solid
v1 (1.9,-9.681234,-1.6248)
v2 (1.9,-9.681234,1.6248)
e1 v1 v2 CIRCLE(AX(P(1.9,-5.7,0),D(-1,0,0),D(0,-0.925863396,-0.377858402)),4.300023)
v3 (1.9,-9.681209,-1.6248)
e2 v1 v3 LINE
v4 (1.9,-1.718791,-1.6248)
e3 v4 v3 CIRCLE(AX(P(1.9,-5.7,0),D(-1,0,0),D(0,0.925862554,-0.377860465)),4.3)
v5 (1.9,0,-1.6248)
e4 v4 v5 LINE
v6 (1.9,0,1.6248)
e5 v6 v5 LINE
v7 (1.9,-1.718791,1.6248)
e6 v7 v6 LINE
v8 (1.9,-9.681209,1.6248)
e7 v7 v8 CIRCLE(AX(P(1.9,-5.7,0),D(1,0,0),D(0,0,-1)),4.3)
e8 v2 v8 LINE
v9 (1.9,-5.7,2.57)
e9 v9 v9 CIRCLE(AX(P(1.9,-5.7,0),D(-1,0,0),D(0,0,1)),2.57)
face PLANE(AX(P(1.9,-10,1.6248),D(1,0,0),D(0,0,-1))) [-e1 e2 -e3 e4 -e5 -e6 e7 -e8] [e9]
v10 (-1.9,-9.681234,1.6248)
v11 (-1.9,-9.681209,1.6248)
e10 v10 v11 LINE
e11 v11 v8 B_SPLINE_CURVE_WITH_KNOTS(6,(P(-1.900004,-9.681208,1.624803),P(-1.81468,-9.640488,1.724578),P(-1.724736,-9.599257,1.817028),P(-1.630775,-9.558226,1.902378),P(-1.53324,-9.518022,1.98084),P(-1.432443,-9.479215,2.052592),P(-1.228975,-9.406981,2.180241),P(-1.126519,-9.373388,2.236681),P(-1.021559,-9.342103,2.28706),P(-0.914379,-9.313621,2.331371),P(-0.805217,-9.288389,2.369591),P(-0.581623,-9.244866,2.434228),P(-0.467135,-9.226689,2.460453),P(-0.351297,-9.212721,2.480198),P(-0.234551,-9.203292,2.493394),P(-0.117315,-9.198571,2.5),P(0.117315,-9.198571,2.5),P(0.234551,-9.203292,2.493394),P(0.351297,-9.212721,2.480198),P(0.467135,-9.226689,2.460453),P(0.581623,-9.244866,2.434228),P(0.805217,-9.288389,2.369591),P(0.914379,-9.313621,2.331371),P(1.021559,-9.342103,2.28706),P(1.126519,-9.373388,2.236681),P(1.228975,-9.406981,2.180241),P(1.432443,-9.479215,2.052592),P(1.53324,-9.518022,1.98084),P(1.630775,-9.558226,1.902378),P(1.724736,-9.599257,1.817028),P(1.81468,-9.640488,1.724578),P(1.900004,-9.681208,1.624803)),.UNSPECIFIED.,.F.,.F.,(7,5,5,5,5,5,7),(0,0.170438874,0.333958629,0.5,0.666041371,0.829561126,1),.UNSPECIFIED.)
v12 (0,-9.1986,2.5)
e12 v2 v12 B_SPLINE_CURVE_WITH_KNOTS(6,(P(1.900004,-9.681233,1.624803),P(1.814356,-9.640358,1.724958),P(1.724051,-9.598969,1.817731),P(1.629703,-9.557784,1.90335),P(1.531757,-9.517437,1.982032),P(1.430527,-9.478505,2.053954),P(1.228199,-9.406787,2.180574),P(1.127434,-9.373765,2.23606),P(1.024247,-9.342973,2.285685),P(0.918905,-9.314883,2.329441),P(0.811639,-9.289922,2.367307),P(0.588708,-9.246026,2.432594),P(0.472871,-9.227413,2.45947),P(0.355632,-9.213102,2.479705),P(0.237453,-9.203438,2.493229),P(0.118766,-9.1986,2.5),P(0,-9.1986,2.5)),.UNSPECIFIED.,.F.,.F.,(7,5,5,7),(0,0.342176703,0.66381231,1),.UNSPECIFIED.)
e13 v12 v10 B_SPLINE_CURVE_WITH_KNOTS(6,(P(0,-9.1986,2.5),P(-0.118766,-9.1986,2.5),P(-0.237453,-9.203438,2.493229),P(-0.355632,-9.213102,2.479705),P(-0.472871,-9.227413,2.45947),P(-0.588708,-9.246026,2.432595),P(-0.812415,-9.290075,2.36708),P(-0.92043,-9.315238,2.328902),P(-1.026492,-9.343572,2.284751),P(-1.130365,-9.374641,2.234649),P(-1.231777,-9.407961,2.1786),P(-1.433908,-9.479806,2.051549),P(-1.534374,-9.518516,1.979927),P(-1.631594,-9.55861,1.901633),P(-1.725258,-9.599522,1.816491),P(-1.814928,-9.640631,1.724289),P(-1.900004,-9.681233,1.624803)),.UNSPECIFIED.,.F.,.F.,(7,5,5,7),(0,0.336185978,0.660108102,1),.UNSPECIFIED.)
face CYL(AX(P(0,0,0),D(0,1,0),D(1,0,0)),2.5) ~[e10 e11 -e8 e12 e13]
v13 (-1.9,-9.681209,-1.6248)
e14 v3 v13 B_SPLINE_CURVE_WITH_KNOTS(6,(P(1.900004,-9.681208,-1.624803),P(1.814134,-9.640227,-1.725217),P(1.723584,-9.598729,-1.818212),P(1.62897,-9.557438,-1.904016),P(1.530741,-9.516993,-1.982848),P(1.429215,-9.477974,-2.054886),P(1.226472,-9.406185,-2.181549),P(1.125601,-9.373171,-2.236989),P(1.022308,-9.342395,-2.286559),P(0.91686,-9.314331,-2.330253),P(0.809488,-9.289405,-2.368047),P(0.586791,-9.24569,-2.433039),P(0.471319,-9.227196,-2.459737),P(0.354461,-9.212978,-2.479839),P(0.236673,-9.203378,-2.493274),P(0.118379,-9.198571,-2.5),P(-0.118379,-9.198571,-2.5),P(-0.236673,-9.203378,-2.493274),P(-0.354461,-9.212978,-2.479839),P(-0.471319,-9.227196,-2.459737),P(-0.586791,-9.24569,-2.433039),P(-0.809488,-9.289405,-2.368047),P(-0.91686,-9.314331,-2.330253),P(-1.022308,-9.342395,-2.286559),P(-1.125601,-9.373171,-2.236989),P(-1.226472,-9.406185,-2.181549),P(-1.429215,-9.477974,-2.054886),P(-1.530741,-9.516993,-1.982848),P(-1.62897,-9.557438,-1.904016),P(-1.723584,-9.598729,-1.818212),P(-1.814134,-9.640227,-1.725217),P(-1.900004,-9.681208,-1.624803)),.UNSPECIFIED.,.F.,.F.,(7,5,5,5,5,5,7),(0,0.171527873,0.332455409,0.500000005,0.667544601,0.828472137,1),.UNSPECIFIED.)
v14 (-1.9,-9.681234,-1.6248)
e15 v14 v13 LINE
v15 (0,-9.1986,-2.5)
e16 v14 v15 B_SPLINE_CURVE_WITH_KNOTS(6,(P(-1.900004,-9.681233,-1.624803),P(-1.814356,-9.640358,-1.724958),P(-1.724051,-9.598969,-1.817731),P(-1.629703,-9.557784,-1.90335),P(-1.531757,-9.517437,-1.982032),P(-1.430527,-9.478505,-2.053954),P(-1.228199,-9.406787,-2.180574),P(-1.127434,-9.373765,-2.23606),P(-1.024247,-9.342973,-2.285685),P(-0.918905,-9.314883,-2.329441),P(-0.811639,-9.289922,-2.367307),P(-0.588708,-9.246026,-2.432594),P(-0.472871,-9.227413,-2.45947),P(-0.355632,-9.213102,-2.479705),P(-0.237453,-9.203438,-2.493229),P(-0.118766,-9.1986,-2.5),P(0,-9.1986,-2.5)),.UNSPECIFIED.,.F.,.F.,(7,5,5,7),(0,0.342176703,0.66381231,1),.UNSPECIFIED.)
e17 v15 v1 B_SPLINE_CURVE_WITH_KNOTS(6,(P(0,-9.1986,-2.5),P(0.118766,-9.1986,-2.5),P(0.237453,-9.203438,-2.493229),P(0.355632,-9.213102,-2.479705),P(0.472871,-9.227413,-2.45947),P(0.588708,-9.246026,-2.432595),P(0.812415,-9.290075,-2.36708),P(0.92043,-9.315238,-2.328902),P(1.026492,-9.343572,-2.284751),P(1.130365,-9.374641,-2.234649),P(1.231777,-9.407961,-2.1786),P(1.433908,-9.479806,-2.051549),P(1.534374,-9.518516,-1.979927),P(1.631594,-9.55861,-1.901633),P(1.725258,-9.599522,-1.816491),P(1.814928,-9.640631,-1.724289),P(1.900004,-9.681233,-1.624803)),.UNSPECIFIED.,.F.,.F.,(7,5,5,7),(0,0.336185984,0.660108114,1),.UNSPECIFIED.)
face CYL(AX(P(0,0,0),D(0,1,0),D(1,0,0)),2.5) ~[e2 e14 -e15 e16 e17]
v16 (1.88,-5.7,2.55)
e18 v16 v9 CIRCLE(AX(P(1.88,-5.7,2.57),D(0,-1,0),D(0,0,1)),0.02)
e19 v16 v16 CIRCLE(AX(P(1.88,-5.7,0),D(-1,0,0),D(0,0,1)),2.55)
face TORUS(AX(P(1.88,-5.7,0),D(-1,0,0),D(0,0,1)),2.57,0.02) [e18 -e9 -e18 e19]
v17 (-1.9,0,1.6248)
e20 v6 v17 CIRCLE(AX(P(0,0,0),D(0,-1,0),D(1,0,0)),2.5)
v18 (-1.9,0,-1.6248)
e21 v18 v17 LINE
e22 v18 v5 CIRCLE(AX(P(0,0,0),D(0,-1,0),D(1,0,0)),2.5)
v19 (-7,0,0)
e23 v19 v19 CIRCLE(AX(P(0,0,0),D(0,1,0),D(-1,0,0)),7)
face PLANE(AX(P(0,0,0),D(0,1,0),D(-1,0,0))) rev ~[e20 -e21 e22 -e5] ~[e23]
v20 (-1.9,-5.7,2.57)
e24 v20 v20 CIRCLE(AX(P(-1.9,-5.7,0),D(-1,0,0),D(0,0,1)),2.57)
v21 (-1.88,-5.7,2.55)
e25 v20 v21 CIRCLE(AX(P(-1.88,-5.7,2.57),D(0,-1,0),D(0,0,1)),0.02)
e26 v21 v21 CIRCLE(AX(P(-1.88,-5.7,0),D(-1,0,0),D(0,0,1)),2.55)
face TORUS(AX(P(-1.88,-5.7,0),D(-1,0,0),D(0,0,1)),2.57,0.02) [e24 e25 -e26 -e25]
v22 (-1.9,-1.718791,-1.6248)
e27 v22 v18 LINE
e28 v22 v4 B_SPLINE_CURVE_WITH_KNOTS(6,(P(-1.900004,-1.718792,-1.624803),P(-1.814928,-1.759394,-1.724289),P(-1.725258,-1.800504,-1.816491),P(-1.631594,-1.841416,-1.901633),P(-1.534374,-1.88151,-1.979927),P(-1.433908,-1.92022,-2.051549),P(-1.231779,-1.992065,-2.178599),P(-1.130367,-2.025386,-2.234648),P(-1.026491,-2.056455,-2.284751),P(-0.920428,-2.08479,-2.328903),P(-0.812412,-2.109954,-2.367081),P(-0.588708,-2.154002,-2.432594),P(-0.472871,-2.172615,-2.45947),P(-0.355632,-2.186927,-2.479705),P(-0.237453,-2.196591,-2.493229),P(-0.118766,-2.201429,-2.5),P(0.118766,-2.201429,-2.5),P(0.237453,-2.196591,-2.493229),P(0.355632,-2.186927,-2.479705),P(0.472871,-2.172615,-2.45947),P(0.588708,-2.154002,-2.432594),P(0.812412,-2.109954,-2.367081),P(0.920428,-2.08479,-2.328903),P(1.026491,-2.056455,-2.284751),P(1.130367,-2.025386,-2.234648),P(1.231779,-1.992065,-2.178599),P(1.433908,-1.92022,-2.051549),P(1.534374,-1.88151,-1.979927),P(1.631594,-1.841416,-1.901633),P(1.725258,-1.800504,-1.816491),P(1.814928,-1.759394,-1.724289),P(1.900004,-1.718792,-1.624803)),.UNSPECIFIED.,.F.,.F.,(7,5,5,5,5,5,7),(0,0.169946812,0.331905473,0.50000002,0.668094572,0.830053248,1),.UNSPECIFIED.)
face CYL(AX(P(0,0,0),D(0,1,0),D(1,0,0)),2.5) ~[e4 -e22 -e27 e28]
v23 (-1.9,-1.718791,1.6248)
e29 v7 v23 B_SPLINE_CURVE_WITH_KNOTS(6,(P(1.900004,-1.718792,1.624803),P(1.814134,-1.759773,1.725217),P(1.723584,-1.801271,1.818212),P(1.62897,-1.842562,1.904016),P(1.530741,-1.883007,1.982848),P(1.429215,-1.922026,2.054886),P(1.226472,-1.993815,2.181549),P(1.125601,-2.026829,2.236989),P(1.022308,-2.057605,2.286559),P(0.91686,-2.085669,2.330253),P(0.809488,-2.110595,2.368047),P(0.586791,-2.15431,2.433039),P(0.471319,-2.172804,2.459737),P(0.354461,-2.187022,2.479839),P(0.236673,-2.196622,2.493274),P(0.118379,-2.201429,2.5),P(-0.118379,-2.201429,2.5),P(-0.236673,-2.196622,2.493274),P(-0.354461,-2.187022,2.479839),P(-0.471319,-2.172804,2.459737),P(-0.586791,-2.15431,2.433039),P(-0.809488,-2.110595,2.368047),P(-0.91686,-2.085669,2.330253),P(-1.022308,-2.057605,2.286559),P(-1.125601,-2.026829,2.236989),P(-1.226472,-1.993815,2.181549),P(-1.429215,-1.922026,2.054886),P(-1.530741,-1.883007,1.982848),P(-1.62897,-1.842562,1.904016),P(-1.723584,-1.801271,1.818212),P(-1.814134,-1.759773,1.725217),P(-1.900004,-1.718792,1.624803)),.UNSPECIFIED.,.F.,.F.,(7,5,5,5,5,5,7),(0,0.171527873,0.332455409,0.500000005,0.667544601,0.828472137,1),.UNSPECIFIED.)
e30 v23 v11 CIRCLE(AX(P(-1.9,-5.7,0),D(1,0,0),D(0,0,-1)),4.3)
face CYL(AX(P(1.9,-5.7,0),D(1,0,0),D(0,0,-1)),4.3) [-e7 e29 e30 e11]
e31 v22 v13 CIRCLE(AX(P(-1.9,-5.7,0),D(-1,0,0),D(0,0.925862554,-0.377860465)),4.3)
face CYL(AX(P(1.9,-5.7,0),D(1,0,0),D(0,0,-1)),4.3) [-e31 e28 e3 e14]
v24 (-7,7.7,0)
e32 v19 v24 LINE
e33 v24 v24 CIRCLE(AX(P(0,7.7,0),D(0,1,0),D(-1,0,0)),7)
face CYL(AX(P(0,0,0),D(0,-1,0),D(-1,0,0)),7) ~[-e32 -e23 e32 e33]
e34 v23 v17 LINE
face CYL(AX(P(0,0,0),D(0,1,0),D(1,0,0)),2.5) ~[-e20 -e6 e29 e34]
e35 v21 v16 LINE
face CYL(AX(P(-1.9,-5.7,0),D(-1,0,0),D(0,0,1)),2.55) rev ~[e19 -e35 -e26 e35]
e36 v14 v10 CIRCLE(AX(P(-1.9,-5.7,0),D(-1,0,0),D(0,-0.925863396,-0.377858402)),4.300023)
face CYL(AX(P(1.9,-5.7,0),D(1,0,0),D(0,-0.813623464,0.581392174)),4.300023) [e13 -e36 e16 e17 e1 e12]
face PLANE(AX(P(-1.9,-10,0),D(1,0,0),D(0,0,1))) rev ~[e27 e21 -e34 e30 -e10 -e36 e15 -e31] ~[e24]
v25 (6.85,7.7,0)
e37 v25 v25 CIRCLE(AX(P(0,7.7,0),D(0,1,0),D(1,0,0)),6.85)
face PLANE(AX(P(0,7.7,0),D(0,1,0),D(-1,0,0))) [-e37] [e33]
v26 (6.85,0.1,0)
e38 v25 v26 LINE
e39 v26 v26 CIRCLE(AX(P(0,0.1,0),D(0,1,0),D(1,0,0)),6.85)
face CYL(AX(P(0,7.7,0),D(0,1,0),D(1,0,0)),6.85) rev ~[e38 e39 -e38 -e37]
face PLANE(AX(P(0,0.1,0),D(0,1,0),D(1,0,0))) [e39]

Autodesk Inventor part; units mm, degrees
ref_plane "YZ Plane" through (0, 0, 0) normal (1, 0, 0) x (0, 1, 0)
ref_plane "XZ Plane" through (0, 0, 0) normal (0, 1, 0) x (-1, 0, 0)
ref_plane "XY Plane" through (0, 0, 0) normal (0, 0, 1) x (1, 0, 0)
sketch "Boceto1" plane through (0, 0, 0) normal (0, 1, 0) x (-1, 0, 0)
  circle A0 centre (0, 0) radius 7
  dimension "d0" = 14
extrude "Extrusión1" add sketch "Boceto1" along normal blind 7.7
sketch "Boceto2" plane through (0, 7.7, 0) normal (0, 1, 0) x (1, 0, 0)
  circle A0 centre (0, 0) radius 6.85
  dimension "d3" = 13.7
extrude "Extrusión2" cut sketch "Boceto2" against normal blind 7.6
sketch "Boceto3" plane through (0, 0, 0) normal (0, -1, 0) x (1, 0, 0)
  circle A0 centre (0, 0) radius 2.5
  dimension "d6" = 5
extrude "Extrusión3" add sketch "Boceto3" along normal blind 10
sketch "Boceto4" plane through (0, -10, 0) normal (0, -1, 0) x (1, 0, 0)
  arc A0 (-1.9, 1.6248) -> (-1.9, -1.6248) centre (0, 0) ccw
  arc A1 (1.9, -1.6248) -> (1.9, 1.6248) centre (0, 0) ccw
  circle A2 centre (0, 0) radius 2.5 projected
  line L0 (0, 0) -> (1.9, 0)
  line L1 (-1.9, 0) -> (-1.9, 1.6248)
  line L2 (-1.9, 0) -> (-1.9, -1.6248)
  line L3 (1.9, 0) -> (1.9, 1.6248)
  line L4 (1.9, 0) -> (1.9, -1.6248)
  point P0 (-1.6248, 1.9)
  point P1 (-1.6248, -1.9)
  point P2 (1.6248, -1.9)
  point P3 (1.6248, 1.9)
extrude "Extrusión4" cut sketch "Boceto4" against normal blind 10 contours L1 L2 A0 | A1 L4 L3
sketch "Boceto6" plane through (1.9, -10, 1.6248) normal (1, 0, 0) x (0, 0, -1)
  line L0 (1.6248, 10) -> (1.6248, 8.6)
  circle A0 centre (1.6248, 4.3) radius 4.3
  dimension "d18" = 1.4
  dimension "d20" = 8.6
extrude "Extrusión5" add sketch "Boceto6" against normal blind 3.8
sketch "Boceto7" plane through (1.9, -10, 1.6248) normal (1, 0, 0) x (0, 0, -1)
  arc A0 (-0.8752, 0.8014) -> (4.1248, 0.8014) centre (1.6248, 4.3) ccw
  line L0 (3.2496, 0) -> (4.1248, 0) projected
  line L1 (-0.8752, 0) -> (0, 0) projected
  line L2 (4.1248, 0.8014) -> (4.1248, 0) projected
  line L3 (4.1248, 0.8014) -> (4.1248, 0)
  line L4 (-0.8752, 0.8014) -> (-0.8752, 0)
  line L5 (-0.8752, 0.8014) -> (-0.8752, 0) projected
  arc A1 (-0.8752, 0.8014) -> (4.1248, 0.8014) centre (1.6248, 4.3) ccw
  line L6 (-0.8752, 0) -> (1.6248, 0)
  line L7 (3.2496, 0) -> (0, 0) projected
  line L8 (1.6248, 0) -> (4.1248, 0)
  point P0 (1.6248, 10)
extrude "Extrusión6" cut sketch "Boceto7" against normal blind 3.8
sketch "Boceto8" plane through (-1.9, 0, -1.6248) normal (-1, 0, 0) x (0, 0, 1)
  circle A0 centre (1.6248, -5.7) radius 2.55
  point P0 (1.6248, 0)
  dimension "d28" = 5.1
extrude "Extrusión7" cut sketch "Boceto8" against normal blind 3.8
fillet "Empalme1" radius 0.02 2 edges at (1.9, -5.7, -2.55) (-1.9, -5.7, -2.55)
properties part number "Conexion_inferior"
